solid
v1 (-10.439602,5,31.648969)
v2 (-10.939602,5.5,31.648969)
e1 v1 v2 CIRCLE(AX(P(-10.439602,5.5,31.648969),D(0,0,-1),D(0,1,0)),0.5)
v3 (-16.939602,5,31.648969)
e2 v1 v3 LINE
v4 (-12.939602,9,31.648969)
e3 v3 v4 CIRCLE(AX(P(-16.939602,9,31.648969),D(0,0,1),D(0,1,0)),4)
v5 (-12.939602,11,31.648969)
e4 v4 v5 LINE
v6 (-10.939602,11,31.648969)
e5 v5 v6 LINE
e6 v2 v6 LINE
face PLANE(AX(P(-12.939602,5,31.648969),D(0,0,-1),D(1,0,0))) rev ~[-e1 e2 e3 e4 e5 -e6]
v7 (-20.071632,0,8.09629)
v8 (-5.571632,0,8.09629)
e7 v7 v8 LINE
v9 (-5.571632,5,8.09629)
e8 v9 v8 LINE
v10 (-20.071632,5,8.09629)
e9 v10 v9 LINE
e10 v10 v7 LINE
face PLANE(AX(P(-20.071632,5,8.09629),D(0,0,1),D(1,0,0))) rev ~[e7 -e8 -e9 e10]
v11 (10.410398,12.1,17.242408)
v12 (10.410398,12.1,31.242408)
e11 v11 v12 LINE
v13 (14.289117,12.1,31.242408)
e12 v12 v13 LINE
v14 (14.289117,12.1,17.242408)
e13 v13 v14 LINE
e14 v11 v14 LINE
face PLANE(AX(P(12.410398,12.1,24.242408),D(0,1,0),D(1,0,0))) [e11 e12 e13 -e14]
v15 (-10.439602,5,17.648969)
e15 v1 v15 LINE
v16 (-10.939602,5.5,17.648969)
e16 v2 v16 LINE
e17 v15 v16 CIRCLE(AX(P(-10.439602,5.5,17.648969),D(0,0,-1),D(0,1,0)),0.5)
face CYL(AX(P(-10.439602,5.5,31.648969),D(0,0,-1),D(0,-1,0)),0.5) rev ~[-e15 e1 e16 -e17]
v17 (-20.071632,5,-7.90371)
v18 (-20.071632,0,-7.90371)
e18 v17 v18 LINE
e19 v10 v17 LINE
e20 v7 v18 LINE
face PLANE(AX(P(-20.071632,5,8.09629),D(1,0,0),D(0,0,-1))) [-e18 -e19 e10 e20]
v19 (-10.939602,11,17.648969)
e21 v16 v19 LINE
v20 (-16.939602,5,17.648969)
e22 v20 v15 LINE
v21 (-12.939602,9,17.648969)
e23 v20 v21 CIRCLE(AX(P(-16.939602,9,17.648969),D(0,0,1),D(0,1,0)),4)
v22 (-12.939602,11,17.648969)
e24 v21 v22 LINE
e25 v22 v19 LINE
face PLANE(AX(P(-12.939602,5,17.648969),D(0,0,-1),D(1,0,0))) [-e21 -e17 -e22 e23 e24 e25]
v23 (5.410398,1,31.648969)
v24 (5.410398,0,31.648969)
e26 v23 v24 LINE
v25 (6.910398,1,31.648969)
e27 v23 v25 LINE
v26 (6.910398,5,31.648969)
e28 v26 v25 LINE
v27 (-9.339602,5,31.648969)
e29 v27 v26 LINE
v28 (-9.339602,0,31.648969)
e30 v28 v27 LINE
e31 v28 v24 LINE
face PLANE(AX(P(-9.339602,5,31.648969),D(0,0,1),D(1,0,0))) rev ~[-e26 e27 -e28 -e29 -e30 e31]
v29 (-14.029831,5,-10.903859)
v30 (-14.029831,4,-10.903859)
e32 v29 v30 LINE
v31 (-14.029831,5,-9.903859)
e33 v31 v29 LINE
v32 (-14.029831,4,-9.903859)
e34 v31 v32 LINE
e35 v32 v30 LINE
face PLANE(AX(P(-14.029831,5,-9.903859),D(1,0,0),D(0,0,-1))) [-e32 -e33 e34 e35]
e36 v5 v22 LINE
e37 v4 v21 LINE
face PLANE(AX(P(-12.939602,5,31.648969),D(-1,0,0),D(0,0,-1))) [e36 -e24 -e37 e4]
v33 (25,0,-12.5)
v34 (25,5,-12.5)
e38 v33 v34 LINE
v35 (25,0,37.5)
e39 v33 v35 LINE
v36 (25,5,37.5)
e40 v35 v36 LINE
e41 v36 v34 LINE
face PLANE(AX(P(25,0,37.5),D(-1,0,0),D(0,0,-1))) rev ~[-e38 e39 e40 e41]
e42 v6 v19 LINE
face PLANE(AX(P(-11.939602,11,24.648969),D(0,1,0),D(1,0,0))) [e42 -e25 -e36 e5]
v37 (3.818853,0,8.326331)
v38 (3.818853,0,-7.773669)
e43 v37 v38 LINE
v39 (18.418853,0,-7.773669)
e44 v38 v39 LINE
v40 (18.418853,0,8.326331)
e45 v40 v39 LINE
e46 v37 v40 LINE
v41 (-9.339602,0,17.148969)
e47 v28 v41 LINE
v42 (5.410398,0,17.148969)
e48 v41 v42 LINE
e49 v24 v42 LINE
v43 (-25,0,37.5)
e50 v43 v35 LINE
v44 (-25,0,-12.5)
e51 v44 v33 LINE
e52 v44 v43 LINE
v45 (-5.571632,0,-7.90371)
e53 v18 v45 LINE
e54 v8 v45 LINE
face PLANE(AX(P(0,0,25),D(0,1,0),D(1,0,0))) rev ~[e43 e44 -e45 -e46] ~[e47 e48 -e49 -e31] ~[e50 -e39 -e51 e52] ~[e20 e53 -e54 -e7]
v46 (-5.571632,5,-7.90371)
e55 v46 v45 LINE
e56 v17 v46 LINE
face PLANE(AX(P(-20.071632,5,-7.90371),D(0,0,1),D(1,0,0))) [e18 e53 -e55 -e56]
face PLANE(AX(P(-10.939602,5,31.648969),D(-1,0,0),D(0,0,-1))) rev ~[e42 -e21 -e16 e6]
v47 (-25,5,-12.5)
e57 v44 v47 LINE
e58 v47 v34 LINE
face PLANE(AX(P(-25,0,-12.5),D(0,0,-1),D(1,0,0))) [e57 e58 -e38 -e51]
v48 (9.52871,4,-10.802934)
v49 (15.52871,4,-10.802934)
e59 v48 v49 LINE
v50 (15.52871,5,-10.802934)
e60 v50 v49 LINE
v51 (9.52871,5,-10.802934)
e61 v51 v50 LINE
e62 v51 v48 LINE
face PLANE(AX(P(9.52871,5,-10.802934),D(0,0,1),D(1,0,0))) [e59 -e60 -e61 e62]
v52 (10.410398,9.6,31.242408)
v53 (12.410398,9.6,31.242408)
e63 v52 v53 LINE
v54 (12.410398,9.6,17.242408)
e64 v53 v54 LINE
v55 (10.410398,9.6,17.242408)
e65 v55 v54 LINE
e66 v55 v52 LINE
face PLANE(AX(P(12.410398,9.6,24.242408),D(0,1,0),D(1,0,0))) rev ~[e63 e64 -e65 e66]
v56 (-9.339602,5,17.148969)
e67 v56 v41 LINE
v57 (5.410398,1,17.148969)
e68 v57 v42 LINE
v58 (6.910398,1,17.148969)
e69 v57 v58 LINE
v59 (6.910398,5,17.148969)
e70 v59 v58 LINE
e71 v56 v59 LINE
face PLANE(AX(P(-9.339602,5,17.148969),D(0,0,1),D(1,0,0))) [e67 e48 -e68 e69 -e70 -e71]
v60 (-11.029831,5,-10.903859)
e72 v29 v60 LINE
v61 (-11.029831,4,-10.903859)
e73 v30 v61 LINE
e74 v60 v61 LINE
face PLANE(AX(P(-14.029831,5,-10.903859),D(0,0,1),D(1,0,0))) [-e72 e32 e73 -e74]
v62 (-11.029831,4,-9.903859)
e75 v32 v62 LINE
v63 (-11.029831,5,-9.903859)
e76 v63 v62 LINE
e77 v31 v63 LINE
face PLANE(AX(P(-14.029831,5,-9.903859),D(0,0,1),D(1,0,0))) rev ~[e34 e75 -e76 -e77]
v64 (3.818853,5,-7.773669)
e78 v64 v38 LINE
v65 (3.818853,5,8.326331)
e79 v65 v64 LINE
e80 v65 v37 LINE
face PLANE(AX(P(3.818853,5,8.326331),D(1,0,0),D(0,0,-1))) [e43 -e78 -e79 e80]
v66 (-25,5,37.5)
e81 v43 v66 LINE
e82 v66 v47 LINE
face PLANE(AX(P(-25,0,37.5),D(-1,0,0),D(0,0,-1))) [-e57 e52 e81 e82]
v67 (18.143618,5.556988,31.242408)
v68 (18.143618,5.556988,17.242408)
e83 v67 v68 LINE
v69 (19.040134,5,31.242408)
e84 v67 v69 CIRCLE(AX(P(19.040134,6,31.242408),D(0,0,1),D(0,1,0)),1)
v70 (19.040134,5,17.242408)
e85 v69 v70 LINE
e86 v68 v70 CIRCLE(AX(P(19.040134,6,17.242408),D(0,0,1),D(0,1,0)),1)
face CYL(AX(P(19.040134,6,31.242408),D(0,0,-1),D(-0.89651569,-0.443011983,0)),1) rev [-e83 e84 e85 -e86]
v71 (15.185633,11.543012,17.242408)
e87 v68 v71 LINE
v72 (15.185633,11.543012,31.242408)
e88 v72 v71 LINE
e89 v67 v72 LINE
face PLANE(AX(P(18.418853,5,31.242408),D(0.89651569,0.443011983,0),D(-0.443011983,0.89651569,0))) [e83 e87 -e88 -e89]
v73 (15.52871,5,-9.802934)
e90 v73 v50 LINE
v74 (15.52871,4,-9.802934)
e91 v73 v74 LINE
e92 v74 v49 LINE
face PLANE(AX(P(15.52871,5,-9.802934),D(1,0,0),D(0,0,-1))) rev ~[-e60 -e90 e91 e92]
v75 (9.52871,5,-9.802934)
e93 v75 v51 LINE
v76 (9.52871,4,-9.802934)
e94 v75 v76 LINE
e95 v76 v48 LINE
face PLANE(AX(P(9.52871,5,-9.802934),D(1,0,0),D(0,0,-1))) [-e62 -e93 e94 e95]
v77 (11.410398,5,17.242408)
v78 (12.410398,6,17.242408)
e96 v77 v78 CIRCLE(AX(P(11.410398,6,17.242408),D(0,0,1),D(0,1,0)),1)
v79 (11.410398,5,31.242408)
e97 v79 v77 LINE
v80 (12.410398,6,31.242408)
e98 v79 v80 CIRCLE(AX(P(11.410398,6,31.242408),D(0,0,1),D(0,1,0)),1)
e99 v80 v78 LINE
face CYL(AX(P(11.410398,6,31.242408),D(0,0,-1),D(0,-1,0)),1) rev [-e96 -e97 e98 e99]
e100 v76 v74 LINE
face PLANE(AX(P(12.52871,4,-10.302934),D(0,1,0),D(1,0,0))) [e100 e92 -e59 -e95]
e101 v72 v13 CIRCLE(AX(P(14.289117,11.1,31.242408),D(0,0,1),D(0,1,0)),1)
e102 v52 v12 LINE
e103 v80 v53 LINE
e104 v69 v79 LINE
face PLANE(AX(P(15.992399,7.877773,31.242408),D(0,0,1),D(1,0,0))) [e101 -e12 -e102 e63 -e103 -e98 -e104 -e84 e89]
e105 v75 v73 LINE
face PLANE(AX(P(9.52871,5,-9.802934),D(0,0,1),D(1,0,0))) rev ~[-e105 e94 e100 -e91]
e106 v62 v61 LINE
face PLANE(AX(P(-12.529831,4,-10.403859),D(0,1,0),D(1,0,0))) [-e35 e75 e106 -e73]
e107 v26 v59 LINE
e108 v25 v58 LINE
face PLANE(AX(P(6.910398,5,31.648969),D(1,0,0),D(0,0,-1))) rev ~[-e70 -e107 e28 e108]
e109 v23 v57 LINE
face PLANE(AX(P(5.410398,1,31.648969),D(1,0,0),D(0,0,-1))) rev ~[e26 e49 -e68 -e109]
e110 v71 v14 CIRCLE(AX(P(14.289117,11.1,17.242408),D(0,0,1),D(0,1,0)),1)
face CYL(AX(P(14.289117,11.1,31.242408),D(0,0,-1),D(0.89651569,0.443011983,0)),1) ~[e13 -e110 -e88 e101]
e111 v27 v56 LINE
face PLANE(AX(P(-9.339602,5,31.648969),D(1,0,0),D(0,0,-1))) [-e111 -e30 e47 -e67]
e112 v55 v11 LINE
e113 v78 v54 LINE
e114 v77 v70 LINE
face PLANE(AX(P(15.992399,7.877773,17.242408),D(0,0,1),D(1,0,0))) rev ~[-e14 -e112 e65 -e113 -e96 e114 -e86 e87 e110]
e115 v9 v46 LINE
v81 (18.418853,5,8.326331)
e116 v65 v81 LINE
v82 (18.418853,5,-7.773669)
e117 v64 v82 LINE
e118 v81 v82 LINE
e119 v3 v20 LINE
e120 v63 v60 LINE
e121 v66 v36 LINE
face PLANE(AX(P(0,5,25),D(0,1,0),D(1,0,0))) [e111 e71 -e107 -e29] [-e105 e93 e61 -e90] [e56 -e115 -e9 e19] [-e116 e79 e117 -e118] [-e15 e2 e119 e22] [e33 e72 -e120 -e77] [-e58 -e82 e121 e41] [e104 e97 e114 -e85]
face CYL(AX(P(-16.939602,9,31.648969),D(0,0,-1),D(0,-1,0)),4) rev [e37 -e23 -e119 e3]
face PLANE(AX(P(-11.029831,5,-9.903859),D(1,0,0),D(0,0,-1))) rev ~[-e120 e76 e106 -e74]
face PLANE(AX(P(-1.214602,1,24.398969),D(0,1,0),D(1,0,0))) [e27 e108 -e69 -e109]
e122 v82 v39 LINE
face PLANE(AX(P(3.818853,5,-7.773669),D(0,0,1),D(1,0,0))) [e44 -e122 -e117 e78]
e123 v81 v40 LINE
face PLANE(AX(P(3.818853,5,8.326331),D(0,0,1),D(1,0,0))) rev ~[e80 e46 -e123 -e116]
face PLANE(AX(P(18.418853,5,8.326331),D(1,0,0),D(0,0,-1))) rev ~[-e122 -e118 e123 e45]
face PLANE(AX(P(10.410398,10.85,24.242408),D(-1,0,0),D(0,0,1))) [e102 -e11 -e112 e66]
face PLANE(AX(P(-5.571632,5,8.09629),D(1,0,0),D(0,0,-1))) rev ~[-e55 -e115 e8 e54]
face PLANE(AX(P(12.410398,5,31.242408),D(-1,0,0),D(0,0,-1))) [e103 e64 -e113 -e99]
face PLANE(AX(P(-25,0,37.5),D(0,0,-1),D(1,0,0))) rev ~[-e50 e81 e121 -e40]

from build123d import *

# Parameters (mm, degrees)
SKETCH1_W           = 50
SKETCH1_H           = 25
BOSS_EXTRUDE1_DEPTH = 5
SKETCH2_W           = 14.5
SKETCH2_H           = 16
CUT_EXTRUDE1_DEPTH  = 5
SKETCH3_W           = 14.6
SKETCH3_H           = 16.1
CUT_EXTRUDE2_DEPTH  = 5
SKETCH5_W           = 3
SKETCH5_H           = 1
SKETCH5_W_2         = 6
CUT_EXTRUDE3_DEPTH  = 1
SKETCH6_W           = 50
SKETCH6_H           = 25
BOSS_EXTRUDE2_DEPTH = 5
SKETCH7_W           = 16.25
SKETCH7_H           = 14.5
CUT_EXTRUDE4_DEPTH  = 4
SKETCH8_W           = 14.75
SKETCH8_H           = 14.5
CUT_EXTRUDE5_DEPTH  = 1
SKETCH9_W           = 2.5
SKETCH9_H           = 14
BOSS_EXTRUDE3_DEPTH = 4.6
SKETCH10_W          = 5
SKETCH10_H          = 14
BOSS_EXTRUDE4_DEPTH = 2.5
BOSS_EXTRUDE5_DEPTH = 14
FILLET1_R           = 1
SKETCH12_W          = 2
SKETCH12_H          = 14
BOSS_EXTRUDE6_DEPTH = 6
FILLET2_R           = 4
FILLET3_R           = 1
FILLET4_R           = 0.5
SKETCH13_W          = 14
SKETCH13_H          = 2.5
CUT_EXTRUDE6_DEPTH  = 0.5


with BuildPart() as part:
    # Sketch1 → Boss-Extrude1 (new body)
    with BuildSketch(Plane(origin=(0, 0, 0), x_dir=(1, 0, 0), z_dir=(0, 1, 0))):
        Rectangle(SKETCH1_W, SKETCH1_H)
    extrude(amount=BOSS_EXTRUDE1_DEPTH)

    # Sketch2 → Cut-Extrude1 (cut)
    with BuildSketch(Plane(origin=(0, 5, 0), x_dir=(1, 0, 0), z_dir=(0, 1, 0))):
        with Locations((-12.821632497, -0.096290121)):
            Rectangle(SKETCH2_W, SKETCH2_H)
    extrude(amount=-CUT_EXTRUDE1_DEPTH, mode=Mode.SUBTRACT)

    # Sketch3 → Cut-Extrude2 (cut)
    with BuildSketch(Plane(origin=(0, 5, 0), x_dir=(1, 0, 0), z_dir=(0, 1, 0))):
        with Locations((11.118853314, -0.27633095)):
            Rectangle(SKETCH3_W, SKETCH3_H)
    extrude(amount=-CUT_EXTRUDE2_DEPTH, mode=Mode.SUBTRACT)

    # Sketch5 → Cut-Extrude3 (cut)
    with BuildSketch(Plane(origin=(0, 5, 0), x_dir=(1, 0, 0), z_dir=(0, 1, 0))):
        with Locations((-12.529830787, 10.403858803)):
            Rectangle(SKETCH5_W, SKETCH5_H)
        with Locations((12.528710417, 10.30293358)):
            Rectangle(SKETCH5_W_2, SKETCH5_H)
    extrude(amount=-CUT_EXTRUDE3_DEPTH, mode=Mode.SUBTRACT)

    # Sketch6 → Boss-Extrude2 (add)
    with BuildSketch(Plane(origin=(0, 0, 0), x_dir=(1, 0, 0), z_dir=(0, 1, 0))):
        with Locations((0, -25)):
            Rectangle(SKETCH6_W, SKETCH6_H)
    extrude(amount=BOSS_EXTRUDE2_DEPTH)

    # Sketch7 → Cut-Extrude4 (cut)
    with BuildSketch(Plane(origin=(0, 5, 0), x_dir=(1, 0, 0), z_dir=(0, 1, 0))):
        with Locations((-1.214601825, -24.398968546)):
            Rectangle(SKETCH7_W, SKETCH7_H)
    extrude(amount=-CUT_EXTRUDE4_DEPTH, mode=Mode.SUBTRACT)

    # Sketch8 → Cut-Extrude5 (cut)
    with BuildSketch(Plane(origin=(0, 1, 0), x_dir=(1, 0, 0), z_dir=(0, 1, 0))):
        with Locations((-1.964601825, -24.398968546)):
            Rectangle(SKETCH8_W, SKETCH8_H)
    extrude(amount=-CUT_EXTRUDE5_DEPTH, mode=Mode.SUBTRACT)

    # Sketch9 → Boss-Extrude3 (add)
    with BuildSketch(Plane(origin=(0, 5, 0), x_dir=(1, 0, 0), z_dir=(0, 1, 0))):
        with Locations((13.660398175, -24.242407708)):
            Rectangle(SKETCH9_W, SKETCH9_H)
    extrude(amount=BOSS_EXTRUDE3_DEPTH)

    # Sketch10 → Boss-Extrude4 (add)
    with BuildSketch(Plane(origin=(0, 9.6, 0), x_dir=(1, 0, 0), z_dir=(0, 1, 0))):
        with Locations((12.410398175, -24.242407708)):
            Rectangle(SKETCH10_W, SKETCH10_H)
    extrude(amount=BOSS_EXTRUDE4_DEPTH)

    # Sketch11 → Boss-Extrude5 (add)
    with BuildSketch(Plane.XY.offset(31.242407708)):
        Polygon((14.910398175, 5), (18.418853314, 5), (14.910398175, 12.1), align=None)
    extrude(amount=-BOSS_EXTRUDE5_DEPTH)

    # Fillet1
    fillet1_edges = [part.edges().sort_by_distance(p)[0] for p in [
        (14.910398175, 12.1, 24.242407708),
        (18.418853314, 5, 24.242407708),
    ]]
    fillet(fillet1_edges, radius=FILLET1_R)

    # Sketch12 → Boss-Extrude6 (add)
    with BuildSketch(Plane(origin=(0, 5, 0), x_dir=(1, 0, 0), z_dir=(0, 1, 0))):
        with Locations((-11.939601825, -24.648968546)):
            Rectangle(SKETCH12_W, SKETCH12_H)
    extrude(amount=BOSS_EXTRUDE6_DEPTH)

    # Fillet2
    fillet2_edges = [part.edges().sort_by_distance(p)[0] for p in [
        (-12.939601825, 5, 24.648968546),
    ]]
    fillet(fillet2_edges, radius=FILLET2_R)

    # Fillet3
    fillet3_edges = [part.edges().sort_by_distance(p)[0] for p in [
        (12.410398175, 5, 24.242407708),
    ]]
    fillet(fillet3_edges, radius=FILLET3_R)

    # Fillet4
    fillet4_edges = [part.edges().sort_by_distance(p)[0] for p in [
        (-10.939601825, 5, 24.648968546),
    ]]
    fillet(fillet4_edges, radius=FILLET4_R)

    # Sketch13 → Cut-Extrude6 (cut)
    with BuildSketch(Plane.ZY.offset(-9.910398175)):
        with Locations((24.242407708, 10.85)):
            Rectangle(SKETCH13_W, SKETCH13_H)
    extrude(amount=-CUT_EXTRUDE6_DEPTH, mode=Mode.SUBTRACT)


solid = part.part
